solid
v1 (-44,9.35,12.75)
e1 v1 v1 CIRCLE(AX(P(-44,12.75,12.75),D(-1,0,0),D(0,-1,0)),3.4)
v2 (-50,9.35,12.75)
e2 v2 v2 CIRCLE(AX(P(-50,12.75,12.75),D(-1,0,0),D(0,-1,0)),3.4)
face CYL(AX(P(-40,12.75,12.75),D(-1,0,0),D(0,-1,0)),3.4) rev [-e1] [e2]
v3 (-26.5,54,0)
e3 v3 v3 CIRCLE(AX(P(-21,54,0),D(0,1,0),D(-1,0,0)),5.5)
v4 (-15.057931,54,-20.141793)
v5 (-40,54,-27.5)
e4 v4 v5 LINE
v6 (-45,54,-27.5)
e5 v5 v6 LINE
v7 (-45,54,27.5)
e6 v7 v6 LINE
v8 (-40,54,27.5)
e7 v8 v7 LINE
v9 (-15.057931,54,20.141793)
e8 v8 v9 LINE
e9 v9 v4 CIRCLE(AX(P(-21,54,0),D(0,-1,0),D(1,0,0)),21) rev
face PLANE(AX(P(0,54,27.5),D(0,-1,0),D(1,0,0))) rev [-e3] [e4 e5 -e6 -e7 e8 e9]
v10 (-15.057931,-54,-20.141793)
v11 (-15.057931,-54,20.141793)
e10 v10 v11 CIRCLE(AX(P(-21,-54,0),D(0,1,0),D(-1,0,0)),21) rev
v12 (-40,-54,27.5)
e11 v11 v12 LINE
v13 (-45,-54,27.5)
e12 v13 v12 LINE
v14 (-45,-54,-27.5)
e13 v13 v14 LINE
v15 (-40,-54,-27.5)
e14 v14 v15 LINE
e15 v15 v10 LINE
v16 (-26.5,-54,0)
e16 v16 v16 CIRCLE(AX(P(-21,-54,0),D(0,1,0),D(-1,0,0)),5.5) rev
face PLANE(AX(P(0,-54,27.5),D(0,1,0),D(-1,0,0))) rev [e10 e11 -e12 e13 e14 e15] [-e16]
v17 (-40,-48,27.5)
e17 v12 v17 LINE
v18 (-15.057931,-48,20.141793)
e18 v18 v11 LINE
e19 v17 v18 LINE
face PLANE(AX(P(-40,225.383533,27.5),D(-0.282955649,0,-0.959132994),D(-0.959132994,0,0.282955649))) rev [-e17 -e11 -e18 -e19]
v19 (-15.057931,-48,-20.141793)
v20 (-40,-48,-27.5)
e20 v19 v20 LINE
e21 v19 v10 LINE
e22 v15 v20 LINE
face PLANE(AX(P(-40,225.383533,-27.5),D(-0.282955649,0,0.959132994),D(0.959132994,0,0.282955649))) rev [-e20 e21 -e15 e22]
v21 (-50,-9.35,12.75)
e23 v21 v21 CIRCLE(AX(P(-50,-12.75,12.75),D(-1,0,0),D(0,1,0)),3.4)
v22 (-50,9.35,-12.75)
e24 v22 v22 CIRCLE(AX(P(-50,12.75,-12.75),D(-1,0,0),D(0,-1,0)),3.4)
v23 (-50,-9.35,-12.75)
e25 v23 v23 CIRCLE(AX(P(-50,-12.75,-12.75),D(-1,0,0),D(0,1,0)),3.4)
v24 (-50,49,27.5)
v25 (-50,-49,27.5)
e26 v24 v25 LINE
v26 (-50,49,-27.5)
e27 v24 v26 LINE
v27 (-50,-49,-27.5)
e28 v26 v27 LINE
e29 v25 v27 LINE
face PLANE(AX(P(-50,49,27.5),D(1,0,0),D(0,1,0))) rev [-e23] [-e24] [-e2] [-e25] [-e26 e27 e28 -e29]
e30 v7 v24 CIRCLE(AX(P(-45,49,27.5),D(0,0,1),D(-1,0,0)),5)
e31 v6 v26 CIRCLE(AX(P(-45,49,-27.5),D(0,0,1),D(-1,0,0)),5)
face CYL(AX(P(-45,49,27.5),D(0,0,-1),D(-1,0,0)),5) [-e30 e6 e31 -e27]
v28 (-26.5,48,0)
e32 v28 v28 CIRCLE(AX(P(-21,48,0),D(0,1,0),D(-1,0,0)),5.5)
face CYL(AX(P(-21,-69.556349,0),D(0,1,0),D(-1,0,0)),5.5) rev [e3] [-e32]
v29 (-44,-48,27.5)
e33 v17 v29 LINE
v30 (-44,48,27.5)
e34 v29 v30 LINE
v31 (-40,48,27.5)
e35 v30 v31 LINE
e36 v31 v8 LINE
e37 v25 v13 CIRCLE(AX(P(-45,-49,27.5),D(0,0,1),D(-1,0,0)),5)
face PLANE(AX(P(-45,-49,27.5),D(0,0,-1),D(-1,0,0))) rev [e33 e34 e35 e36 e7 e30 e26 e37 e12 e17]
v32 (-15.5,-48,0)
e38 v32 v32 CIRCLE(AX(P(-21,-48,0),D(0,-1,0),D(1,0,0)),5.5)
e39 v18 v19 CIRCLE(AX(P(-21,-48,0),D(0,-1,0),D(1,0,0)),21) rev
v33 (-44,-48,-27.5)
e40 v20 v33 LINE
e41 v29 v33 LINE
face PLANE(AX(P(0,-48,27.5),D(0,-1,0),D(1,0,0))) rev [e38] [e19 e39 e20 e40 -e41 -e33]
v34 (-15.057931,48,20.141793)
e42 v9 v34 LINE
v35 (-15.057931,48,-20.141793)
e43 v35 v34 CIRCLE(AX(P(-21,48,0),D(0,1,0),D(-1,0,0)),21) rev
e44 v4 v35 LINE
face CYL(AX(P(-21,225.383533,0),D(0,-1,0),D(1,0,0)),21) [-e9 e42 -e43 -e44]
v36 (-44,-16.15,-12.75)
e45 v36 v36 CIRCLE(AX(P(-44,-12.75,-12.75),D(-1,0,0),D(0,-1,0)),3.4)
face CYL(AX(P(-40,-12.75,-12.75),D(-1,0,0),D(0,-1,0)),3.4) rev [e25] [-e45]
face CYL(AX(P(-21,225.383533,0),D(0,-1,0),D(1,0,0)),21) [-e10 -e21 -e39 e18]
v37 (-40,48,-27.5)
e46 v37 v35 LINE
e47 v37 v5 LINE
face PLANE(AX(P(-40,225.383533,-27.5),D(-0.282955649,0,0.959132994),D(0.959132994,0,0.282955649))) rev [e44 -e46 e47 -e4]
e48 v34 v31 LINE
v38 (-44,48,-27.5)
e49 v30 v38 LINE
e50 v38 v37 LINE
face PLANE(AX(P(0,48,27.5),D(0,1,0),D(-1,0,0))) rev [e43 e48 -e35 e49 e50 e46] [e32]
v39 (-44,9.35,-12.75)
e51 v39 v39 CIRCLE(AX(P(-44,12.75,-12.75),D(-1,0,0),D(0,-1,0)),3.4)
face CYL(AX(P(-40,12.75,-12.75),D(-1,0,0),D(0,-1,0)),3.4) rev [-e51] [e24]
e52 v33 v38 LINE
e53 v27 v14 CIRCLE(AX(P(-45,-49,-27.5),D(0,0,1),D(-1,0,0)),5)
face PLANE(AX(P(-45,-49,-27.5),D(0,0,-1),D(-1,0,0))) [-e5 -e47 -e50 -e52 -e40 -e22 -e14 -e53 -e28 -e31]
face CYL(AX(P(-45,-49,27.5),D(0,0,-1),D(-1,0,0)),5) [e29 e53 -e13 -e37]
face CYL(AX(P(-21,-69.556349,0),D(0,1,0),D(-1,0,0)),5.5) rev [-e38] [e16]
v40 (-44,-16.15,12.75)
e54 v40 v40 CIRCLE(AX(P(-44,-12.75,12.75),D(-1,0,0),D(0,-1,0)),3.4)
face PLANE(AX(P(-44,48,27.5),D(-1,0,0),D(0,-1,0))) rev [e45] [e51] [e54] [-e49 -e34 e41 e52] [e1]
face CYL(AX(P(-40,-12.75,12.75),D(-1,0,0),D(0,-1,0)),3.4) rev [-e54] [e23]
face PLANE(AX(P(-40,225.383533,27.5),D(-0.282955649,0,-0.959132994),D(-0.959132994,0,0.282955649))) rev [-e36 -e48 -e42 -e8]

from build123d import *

# Parameters (mm, degrees)
EXTRUDE_1_DEPTH          = 27.5
HOLE_WIZARD_M10_1_D      = 8.5
SKETCH_6_R               = 3.4
CUT_EXTRUDE_1_DEPTH      = 10
SKETCH_9_R               = 5
CUT_EXTRUDE_2_DEPTH      = 136
CUT_EXTRUDE_3_DEPTH      = 1
CUT_EXTRUDE_3_DEPTH_BACK = 109
SKETCH_14_R              = 5.5
CUT_EXTRUDE_5_DEPTH      = 108


with BuildPart() as part:
    # 草圖1 → 填料-伸長1 (new body, symmetric)
    with BuildSketch(Plane.XY):
        with BuildLine():
            Line((0, -54), (-45, -54))
            ThreePointArc((-45, -54), (-48.535533906, -52.535533906), (-50, -49))
            Line((-50, -49), (-50, 49))
            ThreePointArc((-50, 49), (-48.535533906, 52.535533906), (-45, 54))
            Line((-45, 54), (0, 54))
            Line((0, 54), (0, 48))
            Line((0, 48), (-44, 48))
            Line((-44, 48), (-44, -48))
            Line((-44, -48), (0, -48))
            Line((0, -48), (0, -54))
        make_face()
    extrude(amount=EXTRUDE_1_DEPTH, both=True)

    # M10 螺紋孔1 (through all)
    with Locations(Plane(origin=(0, 54, 0), x_dir=(1, 0, 0), z_dir=(0, 1, 0))):
        with Locations((-21, 0)):
            Hole(HOLE_WIZARD_M10_1_D / 2)

    # 草圖6 → 除料-伸長1 (cut)
    with BuildSketch(Plane.ZY.offset(50)):
        with Locations((12.75, 12.75)):
            Circle(SKETCH_6_R)
        with Locations((-12.75, 12.75)):
            Circle(SKETCH_6_R)
        with Locations((-12.75, -12.75)):
            Circle(SKETCH_6_R)
        with Locations((12.75, -12.75)):
            Circle(SKETCH_6_R)
    extrude(amount=-CUT_EXTRUDE_1_DEPTH, mode=Mode.SUBTRACT)

    # 草圖9 → 除料-伸長2 (cut)
    with BuildSketch(Plane(origin=(0, 54, 0), x_dir=(1, 0, 0), z_dir=(0, 1, 0))):
        with Locations((-21, 0)):
            Circle(SKETCH_9_R)
    extrude(amount=-CUT_EXTRUDE_2_DEPTH, mode=Mode.SUBTRACT)

    # 草圖10 → 除料-伸長3 (cut, two sides)
    with BuildSketch(Plane(origin=(0, 54, 0), x_dir=(1, 0, 0), z_dir=(0, 1, 0))) as cut_extrude_3_sk:
        with BuildLine():
            Line((-180.04752128, 68.815685703), (-40, 27.5))
            Line((-40, 27.5), (-15.057931362, 20.141792877))
            ThreePointArc((-15.057931362, 20.141792877), (0, 0), (-15.057931362, -20.141792877))
            Line((-15.057931362, -20.141792877), (-40, -27.5))
            Line((-40, -27.5), (-180.04752128, -68.815685703))
            Line((-180.04752128, -68.815685703), (111.981888895, -68.815685703))
            Line((111.981888895, -68.815685703), (111.981888895, 68.815685703))
            Line((111.981888895, 68.815685703), (-180.04752128, 68.815685703))
        make_face()
    extrude(amount=CUT_EXTRUDE_3_DEPTH, mode=Mode.SUBTRACT)
    extrude(cut_extrude_3_sk.sketch, amount=-CUT_EXTRUDE_3_DEPTH_BACK, mode=Mode.SUBTRACT)

    # 草圖14 → 除料-伸長5 (cut)
    with BuildSketch(Plane(origin=(0, 54, 0), x_dir=(1, 0, 0), z_dir=(0, 1, 0))):
        with Locations((-21, 0)):
            Circle(SKETCH_14_R)
    extrude(amount=-CUT_EXTRUDE_5_DEPTH, mode=Mode.SUBTRACT)


solid = part.part
